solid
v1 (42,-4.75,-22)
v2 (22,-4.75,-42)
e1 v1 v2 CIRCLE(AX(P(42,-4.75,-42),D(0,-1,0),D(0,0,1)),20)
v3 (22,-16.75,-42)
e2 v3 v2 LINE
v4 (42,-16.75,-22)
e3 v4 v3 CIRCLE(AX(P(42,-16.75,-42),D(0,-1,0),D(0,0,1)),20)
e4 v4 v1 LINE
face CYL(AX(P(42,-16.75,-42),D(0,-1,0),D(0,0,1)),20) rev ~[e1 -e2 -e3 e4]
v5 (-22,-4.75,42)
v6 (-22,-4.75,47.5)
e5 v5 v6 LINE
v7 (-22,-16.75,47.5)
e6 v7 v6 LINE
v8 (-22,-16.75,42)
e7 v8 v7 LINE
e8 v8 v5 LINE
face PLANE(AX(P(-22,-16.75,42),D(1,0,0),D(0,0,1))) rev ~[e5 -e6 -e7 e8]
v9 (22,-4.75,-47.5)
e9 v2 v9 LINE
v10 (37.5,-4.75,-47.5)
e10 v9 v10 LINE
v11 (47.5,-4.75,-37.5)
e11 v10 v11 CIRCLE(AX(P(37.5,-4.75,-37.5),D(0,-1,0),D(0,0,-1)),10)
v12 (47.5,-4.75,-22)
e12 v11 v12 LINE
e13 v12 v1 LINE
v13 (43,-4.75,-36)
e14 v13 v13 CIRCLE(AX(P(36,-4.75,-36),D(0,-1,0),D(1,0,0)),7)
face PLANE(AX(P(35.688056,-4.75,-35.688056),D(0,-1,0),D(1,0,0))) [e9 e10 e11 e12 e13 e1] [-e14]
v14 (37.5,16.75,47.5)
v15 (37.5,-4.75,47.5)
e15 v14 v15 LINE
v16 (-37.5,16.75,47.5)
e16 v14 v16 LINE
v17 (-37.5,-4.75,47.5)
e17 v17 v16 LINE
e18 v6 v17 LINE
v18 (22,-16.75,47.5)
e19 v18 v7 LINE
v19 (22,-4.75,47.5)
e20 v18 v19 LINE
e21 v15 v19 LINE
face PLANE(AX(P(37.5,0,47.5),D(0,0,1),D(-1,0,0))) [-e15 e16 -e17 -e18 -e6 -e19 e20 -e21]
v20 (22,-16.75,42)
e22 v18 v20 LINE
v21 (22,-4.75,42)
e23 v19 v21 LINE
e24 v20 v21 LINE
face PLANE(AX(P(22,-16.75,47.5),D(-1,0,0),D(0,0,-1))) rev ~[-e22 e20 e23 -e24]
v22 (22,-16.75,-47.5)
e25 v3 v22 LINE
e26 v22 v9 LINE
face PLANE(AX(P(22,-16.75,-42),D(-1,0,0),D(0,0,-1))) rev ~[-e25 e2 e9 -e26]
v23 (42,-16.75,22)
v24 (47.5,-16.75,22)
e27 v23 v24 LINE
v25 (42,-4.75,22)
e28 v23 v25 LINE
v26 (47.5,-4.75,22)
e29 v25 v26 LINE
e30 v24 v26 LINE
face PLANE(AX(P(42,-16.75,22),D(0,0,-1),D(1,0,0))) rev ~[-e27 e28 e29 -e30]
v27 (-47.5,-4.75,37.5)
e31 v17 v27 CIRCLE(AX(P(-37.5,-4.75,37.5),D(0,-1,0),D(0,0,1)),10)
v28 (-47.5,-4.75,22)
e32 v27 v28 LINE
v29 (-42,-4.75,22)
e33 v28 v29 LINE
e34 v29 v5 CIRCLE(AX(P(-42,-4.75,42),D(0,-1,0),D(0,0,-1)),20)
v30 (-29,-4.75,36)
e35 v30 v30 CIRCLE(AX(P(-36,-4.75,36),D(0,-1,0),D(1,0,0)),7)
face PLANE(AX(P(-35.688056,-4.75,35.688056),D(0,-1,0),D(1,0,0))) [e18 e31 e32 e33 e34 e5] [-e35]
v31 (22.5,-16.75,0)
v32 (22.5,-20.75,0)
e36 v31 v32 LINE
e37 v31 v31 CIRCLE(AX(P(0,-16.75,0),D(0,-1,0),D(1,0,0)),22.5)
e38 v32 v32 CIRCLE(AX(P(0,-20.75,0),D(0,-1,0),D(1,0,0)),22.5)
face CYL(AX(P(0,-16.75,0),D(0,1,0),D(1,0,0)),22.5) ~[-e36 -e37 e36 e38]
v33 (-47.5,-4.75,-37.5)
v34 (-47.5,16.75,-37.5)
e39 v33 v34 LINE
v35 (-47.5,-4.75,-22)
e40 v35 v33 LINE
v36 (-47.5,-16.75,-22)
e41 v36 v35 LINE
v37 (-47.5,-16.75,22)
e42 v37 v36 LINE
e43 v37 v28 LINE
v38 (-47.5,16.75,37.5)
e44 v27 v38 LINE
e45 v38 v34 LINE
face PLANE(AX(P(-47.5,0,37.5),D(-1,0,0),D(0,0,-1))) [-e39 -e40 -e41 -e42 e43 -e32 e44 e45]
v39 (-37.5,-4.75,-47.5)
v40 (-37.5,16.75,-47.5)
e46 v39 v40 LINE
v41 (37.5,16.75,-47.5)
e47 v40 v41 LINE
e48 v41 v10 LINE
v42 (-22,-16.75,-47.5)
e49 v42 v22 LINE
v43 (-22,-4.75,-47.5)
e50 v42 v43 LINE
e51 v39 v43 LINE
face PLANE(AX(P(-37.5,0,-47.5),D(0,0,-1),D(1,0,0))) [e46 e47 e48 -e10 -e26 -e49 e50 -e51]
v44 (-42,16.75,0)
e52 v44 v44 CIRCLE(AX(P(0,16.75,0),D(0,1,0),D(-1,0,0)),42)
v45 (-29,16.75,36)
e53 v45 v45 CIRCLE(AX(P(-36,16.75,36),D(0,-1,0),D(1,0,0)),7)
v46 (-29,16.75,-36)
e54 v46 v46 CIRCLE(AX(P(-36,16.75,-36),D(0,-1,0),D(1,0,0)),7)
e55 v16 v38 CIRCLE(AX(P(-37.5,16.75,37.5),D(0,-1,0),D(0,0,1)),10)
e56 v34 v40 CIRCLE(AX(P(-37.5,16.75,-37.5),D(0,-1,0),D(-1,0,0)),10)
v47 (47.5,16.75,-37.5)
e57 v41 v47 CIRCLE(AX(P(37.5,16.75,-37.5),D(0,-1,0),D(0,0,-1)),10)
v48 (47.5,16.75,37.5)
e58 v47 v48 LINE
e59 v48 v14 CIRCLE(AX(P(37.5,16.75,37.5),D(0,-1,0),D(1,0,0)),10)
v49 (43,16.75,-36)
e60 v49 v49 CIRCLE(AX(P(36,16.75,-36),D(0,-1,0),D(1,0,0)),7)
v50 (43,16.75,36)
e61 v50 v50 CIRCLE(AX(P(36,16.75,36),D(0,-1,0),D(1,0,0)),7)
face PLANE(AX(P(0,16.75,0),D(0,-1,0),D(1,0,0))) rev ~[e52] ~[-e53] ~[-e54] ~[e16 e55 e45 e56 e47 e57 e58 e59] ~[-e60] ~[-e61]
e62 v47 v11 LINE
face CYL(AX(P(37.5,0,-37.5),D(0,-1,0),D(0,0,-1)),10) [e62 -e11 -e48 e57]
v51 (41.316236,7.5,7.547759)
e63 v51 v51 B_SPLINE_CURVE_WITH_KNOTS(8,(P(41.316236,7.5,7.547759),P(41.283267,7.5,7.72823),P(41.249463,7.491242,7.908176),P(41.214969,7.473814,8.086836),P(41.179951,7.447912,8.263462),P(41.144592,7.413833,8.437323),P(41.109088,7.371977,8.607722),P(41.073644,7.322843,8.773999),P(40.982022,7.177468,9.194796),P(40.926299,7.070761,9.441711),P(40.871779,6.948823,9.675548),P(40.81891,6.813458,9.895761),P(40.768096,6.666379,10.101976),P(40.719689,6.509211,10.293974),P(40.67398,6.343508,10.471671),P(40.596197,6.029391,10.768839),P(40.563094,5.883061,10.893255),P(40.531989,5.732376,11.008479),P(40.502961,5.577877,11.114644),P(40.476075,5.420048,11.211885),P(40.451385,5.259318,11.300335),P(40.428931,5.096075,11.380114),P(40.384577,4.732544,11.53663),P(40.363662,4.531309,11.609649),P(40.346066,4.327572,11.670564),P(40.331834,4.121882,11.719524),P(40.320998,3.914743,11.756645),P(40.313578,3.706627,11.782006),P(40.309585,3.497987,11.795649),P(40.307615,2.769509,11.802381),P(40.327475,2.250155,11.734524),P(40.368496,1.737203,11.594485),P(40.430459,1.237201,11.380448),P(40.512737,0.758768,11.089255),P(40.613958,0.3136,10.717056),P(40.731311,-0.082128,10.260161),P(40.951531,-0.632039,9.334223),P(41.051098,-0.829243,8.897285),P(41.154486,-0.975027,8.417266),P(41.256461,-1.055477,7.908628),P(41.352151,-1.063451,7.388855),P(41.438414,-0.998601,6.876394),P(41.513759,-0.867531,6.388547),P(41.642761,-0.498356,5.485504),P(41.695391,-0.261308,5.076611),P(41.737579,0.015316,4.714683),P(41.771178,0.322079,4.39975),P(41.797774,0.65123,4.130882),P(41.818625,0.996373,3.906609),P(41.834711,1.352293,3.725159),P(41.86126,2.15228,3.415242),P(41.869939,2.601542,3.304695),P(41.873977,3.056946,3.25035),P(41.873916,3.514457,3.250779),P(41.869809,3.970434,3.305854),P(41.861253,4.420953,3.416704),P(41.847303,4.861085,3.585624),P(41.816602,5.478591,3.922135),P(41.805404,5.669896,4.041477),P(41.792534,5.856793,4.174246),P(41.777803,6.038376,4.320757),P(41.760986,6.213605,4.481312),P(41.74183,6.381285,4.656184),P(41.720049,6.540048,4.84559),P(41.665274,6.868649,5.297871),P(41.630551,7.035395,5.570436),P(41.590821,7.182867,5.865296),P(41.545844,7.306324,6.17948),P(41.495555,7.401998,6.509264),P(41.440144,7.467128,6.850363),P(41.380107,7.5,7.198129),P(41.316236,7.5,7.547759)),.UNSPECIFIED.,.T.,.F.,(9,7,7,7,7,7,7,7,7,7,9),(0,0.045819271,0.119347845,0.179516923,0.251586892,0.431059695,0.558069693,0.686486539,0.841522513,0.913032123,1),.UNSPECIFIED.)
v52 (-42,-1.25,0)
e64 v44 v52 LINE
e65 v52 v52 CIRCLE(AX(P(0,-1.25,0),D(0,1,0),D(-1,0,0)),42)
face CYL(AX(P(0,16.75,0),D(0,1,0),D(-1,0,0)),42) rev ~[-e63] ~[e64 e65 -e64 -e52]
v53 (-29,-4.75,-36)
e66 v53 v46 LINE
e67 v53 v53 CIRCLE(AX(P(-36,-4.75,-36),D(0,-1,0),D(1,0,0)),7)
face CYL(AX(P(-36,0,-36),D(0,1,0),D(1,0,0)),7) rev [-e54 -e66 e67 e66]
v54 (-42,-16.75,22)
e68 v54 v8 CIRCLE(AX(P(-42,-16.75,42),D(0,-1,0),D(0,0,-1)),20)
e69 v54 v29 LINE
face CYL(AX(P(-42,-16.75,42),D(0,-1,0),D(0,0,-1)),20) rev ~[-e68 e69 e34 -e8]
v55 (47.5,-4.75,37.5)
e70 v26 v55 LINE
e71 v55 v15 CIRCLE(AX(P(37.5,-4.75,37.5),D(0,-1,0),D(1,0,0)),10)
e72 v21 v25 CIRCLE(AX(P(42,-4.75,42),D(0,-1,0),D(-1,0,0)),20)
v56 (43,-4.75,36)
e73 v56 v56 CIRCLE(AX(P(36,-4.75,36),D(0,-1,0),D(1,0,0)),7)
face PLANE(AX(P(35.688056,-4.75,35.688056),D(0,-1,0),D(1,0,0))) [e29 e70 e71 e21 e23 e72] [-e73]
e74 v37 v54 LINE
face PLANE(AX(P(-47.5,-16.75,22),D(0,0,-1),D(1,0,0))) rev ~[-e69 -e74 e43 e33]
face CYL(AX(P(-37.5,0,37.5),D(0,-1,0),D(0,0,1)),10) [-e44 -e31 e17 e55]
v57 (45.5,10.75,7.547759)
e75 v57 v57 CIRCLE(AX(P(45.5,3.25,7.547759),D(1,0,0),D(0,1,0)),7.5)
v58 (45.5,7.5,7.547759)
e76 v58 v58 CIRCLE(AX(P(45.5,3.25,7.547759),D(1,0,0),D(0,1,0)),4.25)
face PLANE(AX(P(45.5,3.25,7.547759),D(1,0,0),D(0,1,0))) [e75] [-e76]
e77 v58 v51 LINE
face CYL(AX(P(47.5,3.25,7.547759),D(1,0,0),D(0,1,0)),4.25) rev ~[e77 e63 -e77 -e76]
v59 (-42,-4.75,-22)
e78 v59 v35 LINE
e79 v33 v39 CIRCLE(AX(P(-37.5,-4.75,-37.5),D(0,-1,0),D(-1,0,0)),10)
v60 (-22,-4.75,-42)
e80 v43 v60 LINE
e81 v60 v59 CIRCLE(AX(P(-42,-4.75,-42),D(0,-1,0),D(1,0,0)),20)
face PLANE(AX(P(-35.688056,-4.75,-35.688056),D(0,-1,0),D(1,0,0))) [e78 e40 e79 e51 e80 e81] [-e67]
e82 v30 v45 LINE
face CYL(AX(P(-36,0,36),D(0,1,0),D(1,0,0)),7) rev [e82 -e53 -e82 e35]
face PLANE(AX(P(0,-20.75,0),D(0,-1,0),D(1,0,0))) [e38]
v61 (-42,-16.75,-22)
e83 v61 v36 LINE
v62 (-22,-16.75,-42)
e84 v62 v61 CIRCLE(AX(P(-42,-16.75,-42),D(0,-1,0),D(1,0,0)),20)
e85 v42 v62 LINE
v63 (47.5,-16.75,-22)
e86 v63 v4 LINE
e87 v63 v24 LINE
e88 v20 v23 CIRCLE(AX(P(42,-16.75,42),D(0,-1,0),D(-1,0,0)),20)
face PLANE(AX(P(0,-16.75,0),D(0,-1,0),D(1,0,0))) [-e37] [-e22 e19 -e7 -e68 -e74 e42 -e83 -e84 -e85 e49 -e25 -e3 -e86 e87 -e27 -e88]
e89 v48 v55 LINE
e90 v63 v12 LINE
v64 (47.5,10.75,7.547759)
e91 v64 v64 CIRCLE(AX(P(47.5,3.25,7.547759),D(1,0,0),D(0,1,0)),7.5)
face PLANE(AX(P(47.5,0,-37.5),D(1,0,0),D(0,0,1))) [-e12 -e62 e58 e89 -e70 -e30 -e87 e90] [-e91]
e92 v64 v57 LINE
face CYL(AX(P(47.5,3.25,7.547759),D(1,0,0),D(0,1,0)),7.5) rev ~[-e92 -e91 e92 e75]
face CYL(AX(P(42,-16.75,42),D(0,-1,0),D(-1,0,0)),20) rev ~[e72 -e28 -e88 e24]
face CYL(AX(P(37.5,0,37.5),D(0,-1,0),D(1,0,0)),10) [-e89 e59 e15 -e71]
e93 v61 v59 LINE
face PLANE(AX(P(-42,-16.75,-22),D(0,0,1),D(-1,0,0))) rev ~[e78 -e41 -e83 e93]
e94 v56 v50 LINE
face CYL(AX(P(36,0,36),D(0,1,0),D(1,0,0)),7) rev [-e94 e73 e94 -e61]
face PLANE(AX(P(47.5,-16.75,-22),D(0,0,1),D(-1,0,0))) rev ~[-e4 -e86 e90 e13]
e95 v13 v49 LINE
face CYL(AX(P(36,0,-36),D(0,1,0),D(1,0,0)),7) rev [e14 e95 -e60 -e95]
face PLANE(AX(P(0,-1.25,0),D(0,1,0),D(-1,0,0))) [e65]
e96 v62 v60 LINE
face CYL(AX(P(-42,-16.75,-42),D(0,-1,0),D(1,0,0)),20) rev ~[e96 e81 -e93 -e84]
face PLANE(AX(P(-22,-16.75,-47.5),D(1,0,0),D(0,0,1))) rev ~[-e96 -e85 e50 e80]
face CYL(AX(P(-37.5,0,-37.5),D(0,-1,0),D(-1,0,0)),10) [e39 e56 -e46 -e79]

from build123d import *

# Parameters (mm, degrees)
F0_R      = 7
F1_DEPTH  = 16.75
F2_R      = 7
F3_DEPTH  = 12
F4_R      = 22.5
F5_DEPTH  = 4
F6_R      = 42
F8_DEPTH  = 18
F7_R      = 7.5
F7_R_2    = 4.25
F9_DEPTH  = 2
F10_DEPTH = 8


with BuildPart() as f1:
    # F0 (on Front) → F1 (new body, symmetric)
    with BuildSketch(Plane.XZ):
        with BuildLine():
            Line((-37.5, -47.5), (37.5, -47.5))
            ThreePointArc((37.5, -47.5), (44.5710678119, -44.5710678119), (47.5, -37.5))
            Line((47.5, -37.5), (47.5, 37.5))
            ThreePointArc((47.5, 37.5), (44.5710678119, 44.5710678119), (37.5, 47.5))
            Line((37.5, 47.5), (-37.5, 47.5))
            ThreePointArc((-37.5, 47.5), (-44.5710678119, 44.5710678119), (-47.5, 37.5))
            Line((-47.5, 37.5), (-47.5, -37.5))
            ThreePointArc((-47.5, -37.5), (-44.5710678119, -44.5710678119), (-37.5, -47.5))
        make_face()
        with Locations((-36, -36)):
            Circle(F0_R, mode=Mode.SUBTRACT)
        with Locations((36, -36)):
            Circle(F0_R, mode=Mode.SUBTRACT)
        with Locations((-36, 36)):
            Circle(F0_R, mode=Mode.SUBTRACT)
        with Locations((36, 36)):
            Circle(F0_R, mode=Mode.SUBTRACT)
    extrude(amount=F1_DEPTH, both=True)

    # F2 (on face) → F3 (cut)
    with BuildSketch(Plane.XZ.offset(16.75)):
        with BuildLine():
            Line((22, -42), (22, -47.5))
            Line((22, -47.5), (37.5, -47.5))
            ThreePointArc((37.5, -47.5), (44.5710678119, -44.5710678119), (47.5, -37.5))
            Line((47.5, -37.5), (47.5, -22))
            Line((47.5, -22), (42, -22))
            ThreePointArc((42, -22), (27.8578643763, -27.8578643763), (22, -42))
        make_face()
        with Locations((36, -36)):
            Circle(F2_R, mode=Mode.SUBTRACT)
        with BuildLine():
            Line((37.5, 47.5), (22, 47.5))
            Line((22, 47.5), (22, 42))
            ThreePointArc((22, 42), (27.8578643763, 27.8578643763), (42, 22))
            Line((42, 22), (47.5, 22))
            Line((47.5, 22), (47.5, 37.5))
            ThreePointArc((47.5, 37.5), (44.5710678119, 44.5710678119), (37.5, 47.5))
        make_face()
        with Locations((36, 36)):
            Circle(F2_R, mode=Mode.SUBTRACT)
        with BuildLine():
            Line((-47.5, 37.5), (-47.5, 22))
            Line((-47.5, 22), (-42, 22))
            ThreePointArc((-42, 22), (-27.8578643763, 27.8578643763), (-22, 42))
            Line((-22, 42), (-22, 47.5))
            Line((-22, 47.5), (-37.5, 47.5))
            ThreePointArc((-37.5, 47.5), (-44.5710678119, 44.5710678119), (-47.5, 37.5))
        make_face()
        with Locations((-36, 36)):
            Circle(F2_R, mode=Mode.SUBTRACT)
        with BuildLine():
            Line((-42, -22), (-47.5, -22))
            Line((-47.5, -22), (-47.5, -37.5))
            ThreePointArc((-47.5, -37.5), (-44.5710678119, -44.5710678119), (-37.5, -47.5))
            Line((-37.5, -47.5), (-22, -47.5))
            Line((-22, -47.5), (-22, -42))
            ThreePointArc((-22, -42), (-27.8578643763, -27.8578643763), (-42, -22))
        make_face()
        with Locations((-36, -36)):
            Circle(F2_R, mode=Mode.SUBTRACT)
    extrude(amount=-F3_DEPTH, mode=Mode.SUBTRACT)

    # F4 (on face) → F5 (join)
    with BuildSketch(Plane.XZ.offset(16.75)):
        Circle(F4_R)
    extrude(amount=F5_DEPTH)

    # F6 (on face) → F8 (cut)
    with BuildSketch(Plane(origin=(0, 16.75, 0), x_dir=(-1, 0, 0), z_dir=(0, 1, 0))):
        Circle(F6_R)
    extrude(amount=-F8_DEPTH, mode=Mode.SUBTRACT)

    # F7 (on face) → F9 (cut)
    with BuildSketch(Plane.YZ.offset(47.5)):
        with Locations((3.25, 7.547759451)):
            Circle(F7_R)
        with Locations((3.25, 7.547759451)):
            Circle(F7_R_2, mode=Mode.SUBTRACT)
    extrude(amount=-F9_DEPTH, mode=Mode.SUBTRACT)

    # F10 (cut): a face of the model
    f10_faces = [f1.faces().sort_by_distance(p)[0] for p in [
        (47.5, 3.25, 7.547759451),
    ]]
    extrude(f10_faces, amount=-F10_DEPTH, mode=Mode.SUBTRACT)


solid = f1.part
